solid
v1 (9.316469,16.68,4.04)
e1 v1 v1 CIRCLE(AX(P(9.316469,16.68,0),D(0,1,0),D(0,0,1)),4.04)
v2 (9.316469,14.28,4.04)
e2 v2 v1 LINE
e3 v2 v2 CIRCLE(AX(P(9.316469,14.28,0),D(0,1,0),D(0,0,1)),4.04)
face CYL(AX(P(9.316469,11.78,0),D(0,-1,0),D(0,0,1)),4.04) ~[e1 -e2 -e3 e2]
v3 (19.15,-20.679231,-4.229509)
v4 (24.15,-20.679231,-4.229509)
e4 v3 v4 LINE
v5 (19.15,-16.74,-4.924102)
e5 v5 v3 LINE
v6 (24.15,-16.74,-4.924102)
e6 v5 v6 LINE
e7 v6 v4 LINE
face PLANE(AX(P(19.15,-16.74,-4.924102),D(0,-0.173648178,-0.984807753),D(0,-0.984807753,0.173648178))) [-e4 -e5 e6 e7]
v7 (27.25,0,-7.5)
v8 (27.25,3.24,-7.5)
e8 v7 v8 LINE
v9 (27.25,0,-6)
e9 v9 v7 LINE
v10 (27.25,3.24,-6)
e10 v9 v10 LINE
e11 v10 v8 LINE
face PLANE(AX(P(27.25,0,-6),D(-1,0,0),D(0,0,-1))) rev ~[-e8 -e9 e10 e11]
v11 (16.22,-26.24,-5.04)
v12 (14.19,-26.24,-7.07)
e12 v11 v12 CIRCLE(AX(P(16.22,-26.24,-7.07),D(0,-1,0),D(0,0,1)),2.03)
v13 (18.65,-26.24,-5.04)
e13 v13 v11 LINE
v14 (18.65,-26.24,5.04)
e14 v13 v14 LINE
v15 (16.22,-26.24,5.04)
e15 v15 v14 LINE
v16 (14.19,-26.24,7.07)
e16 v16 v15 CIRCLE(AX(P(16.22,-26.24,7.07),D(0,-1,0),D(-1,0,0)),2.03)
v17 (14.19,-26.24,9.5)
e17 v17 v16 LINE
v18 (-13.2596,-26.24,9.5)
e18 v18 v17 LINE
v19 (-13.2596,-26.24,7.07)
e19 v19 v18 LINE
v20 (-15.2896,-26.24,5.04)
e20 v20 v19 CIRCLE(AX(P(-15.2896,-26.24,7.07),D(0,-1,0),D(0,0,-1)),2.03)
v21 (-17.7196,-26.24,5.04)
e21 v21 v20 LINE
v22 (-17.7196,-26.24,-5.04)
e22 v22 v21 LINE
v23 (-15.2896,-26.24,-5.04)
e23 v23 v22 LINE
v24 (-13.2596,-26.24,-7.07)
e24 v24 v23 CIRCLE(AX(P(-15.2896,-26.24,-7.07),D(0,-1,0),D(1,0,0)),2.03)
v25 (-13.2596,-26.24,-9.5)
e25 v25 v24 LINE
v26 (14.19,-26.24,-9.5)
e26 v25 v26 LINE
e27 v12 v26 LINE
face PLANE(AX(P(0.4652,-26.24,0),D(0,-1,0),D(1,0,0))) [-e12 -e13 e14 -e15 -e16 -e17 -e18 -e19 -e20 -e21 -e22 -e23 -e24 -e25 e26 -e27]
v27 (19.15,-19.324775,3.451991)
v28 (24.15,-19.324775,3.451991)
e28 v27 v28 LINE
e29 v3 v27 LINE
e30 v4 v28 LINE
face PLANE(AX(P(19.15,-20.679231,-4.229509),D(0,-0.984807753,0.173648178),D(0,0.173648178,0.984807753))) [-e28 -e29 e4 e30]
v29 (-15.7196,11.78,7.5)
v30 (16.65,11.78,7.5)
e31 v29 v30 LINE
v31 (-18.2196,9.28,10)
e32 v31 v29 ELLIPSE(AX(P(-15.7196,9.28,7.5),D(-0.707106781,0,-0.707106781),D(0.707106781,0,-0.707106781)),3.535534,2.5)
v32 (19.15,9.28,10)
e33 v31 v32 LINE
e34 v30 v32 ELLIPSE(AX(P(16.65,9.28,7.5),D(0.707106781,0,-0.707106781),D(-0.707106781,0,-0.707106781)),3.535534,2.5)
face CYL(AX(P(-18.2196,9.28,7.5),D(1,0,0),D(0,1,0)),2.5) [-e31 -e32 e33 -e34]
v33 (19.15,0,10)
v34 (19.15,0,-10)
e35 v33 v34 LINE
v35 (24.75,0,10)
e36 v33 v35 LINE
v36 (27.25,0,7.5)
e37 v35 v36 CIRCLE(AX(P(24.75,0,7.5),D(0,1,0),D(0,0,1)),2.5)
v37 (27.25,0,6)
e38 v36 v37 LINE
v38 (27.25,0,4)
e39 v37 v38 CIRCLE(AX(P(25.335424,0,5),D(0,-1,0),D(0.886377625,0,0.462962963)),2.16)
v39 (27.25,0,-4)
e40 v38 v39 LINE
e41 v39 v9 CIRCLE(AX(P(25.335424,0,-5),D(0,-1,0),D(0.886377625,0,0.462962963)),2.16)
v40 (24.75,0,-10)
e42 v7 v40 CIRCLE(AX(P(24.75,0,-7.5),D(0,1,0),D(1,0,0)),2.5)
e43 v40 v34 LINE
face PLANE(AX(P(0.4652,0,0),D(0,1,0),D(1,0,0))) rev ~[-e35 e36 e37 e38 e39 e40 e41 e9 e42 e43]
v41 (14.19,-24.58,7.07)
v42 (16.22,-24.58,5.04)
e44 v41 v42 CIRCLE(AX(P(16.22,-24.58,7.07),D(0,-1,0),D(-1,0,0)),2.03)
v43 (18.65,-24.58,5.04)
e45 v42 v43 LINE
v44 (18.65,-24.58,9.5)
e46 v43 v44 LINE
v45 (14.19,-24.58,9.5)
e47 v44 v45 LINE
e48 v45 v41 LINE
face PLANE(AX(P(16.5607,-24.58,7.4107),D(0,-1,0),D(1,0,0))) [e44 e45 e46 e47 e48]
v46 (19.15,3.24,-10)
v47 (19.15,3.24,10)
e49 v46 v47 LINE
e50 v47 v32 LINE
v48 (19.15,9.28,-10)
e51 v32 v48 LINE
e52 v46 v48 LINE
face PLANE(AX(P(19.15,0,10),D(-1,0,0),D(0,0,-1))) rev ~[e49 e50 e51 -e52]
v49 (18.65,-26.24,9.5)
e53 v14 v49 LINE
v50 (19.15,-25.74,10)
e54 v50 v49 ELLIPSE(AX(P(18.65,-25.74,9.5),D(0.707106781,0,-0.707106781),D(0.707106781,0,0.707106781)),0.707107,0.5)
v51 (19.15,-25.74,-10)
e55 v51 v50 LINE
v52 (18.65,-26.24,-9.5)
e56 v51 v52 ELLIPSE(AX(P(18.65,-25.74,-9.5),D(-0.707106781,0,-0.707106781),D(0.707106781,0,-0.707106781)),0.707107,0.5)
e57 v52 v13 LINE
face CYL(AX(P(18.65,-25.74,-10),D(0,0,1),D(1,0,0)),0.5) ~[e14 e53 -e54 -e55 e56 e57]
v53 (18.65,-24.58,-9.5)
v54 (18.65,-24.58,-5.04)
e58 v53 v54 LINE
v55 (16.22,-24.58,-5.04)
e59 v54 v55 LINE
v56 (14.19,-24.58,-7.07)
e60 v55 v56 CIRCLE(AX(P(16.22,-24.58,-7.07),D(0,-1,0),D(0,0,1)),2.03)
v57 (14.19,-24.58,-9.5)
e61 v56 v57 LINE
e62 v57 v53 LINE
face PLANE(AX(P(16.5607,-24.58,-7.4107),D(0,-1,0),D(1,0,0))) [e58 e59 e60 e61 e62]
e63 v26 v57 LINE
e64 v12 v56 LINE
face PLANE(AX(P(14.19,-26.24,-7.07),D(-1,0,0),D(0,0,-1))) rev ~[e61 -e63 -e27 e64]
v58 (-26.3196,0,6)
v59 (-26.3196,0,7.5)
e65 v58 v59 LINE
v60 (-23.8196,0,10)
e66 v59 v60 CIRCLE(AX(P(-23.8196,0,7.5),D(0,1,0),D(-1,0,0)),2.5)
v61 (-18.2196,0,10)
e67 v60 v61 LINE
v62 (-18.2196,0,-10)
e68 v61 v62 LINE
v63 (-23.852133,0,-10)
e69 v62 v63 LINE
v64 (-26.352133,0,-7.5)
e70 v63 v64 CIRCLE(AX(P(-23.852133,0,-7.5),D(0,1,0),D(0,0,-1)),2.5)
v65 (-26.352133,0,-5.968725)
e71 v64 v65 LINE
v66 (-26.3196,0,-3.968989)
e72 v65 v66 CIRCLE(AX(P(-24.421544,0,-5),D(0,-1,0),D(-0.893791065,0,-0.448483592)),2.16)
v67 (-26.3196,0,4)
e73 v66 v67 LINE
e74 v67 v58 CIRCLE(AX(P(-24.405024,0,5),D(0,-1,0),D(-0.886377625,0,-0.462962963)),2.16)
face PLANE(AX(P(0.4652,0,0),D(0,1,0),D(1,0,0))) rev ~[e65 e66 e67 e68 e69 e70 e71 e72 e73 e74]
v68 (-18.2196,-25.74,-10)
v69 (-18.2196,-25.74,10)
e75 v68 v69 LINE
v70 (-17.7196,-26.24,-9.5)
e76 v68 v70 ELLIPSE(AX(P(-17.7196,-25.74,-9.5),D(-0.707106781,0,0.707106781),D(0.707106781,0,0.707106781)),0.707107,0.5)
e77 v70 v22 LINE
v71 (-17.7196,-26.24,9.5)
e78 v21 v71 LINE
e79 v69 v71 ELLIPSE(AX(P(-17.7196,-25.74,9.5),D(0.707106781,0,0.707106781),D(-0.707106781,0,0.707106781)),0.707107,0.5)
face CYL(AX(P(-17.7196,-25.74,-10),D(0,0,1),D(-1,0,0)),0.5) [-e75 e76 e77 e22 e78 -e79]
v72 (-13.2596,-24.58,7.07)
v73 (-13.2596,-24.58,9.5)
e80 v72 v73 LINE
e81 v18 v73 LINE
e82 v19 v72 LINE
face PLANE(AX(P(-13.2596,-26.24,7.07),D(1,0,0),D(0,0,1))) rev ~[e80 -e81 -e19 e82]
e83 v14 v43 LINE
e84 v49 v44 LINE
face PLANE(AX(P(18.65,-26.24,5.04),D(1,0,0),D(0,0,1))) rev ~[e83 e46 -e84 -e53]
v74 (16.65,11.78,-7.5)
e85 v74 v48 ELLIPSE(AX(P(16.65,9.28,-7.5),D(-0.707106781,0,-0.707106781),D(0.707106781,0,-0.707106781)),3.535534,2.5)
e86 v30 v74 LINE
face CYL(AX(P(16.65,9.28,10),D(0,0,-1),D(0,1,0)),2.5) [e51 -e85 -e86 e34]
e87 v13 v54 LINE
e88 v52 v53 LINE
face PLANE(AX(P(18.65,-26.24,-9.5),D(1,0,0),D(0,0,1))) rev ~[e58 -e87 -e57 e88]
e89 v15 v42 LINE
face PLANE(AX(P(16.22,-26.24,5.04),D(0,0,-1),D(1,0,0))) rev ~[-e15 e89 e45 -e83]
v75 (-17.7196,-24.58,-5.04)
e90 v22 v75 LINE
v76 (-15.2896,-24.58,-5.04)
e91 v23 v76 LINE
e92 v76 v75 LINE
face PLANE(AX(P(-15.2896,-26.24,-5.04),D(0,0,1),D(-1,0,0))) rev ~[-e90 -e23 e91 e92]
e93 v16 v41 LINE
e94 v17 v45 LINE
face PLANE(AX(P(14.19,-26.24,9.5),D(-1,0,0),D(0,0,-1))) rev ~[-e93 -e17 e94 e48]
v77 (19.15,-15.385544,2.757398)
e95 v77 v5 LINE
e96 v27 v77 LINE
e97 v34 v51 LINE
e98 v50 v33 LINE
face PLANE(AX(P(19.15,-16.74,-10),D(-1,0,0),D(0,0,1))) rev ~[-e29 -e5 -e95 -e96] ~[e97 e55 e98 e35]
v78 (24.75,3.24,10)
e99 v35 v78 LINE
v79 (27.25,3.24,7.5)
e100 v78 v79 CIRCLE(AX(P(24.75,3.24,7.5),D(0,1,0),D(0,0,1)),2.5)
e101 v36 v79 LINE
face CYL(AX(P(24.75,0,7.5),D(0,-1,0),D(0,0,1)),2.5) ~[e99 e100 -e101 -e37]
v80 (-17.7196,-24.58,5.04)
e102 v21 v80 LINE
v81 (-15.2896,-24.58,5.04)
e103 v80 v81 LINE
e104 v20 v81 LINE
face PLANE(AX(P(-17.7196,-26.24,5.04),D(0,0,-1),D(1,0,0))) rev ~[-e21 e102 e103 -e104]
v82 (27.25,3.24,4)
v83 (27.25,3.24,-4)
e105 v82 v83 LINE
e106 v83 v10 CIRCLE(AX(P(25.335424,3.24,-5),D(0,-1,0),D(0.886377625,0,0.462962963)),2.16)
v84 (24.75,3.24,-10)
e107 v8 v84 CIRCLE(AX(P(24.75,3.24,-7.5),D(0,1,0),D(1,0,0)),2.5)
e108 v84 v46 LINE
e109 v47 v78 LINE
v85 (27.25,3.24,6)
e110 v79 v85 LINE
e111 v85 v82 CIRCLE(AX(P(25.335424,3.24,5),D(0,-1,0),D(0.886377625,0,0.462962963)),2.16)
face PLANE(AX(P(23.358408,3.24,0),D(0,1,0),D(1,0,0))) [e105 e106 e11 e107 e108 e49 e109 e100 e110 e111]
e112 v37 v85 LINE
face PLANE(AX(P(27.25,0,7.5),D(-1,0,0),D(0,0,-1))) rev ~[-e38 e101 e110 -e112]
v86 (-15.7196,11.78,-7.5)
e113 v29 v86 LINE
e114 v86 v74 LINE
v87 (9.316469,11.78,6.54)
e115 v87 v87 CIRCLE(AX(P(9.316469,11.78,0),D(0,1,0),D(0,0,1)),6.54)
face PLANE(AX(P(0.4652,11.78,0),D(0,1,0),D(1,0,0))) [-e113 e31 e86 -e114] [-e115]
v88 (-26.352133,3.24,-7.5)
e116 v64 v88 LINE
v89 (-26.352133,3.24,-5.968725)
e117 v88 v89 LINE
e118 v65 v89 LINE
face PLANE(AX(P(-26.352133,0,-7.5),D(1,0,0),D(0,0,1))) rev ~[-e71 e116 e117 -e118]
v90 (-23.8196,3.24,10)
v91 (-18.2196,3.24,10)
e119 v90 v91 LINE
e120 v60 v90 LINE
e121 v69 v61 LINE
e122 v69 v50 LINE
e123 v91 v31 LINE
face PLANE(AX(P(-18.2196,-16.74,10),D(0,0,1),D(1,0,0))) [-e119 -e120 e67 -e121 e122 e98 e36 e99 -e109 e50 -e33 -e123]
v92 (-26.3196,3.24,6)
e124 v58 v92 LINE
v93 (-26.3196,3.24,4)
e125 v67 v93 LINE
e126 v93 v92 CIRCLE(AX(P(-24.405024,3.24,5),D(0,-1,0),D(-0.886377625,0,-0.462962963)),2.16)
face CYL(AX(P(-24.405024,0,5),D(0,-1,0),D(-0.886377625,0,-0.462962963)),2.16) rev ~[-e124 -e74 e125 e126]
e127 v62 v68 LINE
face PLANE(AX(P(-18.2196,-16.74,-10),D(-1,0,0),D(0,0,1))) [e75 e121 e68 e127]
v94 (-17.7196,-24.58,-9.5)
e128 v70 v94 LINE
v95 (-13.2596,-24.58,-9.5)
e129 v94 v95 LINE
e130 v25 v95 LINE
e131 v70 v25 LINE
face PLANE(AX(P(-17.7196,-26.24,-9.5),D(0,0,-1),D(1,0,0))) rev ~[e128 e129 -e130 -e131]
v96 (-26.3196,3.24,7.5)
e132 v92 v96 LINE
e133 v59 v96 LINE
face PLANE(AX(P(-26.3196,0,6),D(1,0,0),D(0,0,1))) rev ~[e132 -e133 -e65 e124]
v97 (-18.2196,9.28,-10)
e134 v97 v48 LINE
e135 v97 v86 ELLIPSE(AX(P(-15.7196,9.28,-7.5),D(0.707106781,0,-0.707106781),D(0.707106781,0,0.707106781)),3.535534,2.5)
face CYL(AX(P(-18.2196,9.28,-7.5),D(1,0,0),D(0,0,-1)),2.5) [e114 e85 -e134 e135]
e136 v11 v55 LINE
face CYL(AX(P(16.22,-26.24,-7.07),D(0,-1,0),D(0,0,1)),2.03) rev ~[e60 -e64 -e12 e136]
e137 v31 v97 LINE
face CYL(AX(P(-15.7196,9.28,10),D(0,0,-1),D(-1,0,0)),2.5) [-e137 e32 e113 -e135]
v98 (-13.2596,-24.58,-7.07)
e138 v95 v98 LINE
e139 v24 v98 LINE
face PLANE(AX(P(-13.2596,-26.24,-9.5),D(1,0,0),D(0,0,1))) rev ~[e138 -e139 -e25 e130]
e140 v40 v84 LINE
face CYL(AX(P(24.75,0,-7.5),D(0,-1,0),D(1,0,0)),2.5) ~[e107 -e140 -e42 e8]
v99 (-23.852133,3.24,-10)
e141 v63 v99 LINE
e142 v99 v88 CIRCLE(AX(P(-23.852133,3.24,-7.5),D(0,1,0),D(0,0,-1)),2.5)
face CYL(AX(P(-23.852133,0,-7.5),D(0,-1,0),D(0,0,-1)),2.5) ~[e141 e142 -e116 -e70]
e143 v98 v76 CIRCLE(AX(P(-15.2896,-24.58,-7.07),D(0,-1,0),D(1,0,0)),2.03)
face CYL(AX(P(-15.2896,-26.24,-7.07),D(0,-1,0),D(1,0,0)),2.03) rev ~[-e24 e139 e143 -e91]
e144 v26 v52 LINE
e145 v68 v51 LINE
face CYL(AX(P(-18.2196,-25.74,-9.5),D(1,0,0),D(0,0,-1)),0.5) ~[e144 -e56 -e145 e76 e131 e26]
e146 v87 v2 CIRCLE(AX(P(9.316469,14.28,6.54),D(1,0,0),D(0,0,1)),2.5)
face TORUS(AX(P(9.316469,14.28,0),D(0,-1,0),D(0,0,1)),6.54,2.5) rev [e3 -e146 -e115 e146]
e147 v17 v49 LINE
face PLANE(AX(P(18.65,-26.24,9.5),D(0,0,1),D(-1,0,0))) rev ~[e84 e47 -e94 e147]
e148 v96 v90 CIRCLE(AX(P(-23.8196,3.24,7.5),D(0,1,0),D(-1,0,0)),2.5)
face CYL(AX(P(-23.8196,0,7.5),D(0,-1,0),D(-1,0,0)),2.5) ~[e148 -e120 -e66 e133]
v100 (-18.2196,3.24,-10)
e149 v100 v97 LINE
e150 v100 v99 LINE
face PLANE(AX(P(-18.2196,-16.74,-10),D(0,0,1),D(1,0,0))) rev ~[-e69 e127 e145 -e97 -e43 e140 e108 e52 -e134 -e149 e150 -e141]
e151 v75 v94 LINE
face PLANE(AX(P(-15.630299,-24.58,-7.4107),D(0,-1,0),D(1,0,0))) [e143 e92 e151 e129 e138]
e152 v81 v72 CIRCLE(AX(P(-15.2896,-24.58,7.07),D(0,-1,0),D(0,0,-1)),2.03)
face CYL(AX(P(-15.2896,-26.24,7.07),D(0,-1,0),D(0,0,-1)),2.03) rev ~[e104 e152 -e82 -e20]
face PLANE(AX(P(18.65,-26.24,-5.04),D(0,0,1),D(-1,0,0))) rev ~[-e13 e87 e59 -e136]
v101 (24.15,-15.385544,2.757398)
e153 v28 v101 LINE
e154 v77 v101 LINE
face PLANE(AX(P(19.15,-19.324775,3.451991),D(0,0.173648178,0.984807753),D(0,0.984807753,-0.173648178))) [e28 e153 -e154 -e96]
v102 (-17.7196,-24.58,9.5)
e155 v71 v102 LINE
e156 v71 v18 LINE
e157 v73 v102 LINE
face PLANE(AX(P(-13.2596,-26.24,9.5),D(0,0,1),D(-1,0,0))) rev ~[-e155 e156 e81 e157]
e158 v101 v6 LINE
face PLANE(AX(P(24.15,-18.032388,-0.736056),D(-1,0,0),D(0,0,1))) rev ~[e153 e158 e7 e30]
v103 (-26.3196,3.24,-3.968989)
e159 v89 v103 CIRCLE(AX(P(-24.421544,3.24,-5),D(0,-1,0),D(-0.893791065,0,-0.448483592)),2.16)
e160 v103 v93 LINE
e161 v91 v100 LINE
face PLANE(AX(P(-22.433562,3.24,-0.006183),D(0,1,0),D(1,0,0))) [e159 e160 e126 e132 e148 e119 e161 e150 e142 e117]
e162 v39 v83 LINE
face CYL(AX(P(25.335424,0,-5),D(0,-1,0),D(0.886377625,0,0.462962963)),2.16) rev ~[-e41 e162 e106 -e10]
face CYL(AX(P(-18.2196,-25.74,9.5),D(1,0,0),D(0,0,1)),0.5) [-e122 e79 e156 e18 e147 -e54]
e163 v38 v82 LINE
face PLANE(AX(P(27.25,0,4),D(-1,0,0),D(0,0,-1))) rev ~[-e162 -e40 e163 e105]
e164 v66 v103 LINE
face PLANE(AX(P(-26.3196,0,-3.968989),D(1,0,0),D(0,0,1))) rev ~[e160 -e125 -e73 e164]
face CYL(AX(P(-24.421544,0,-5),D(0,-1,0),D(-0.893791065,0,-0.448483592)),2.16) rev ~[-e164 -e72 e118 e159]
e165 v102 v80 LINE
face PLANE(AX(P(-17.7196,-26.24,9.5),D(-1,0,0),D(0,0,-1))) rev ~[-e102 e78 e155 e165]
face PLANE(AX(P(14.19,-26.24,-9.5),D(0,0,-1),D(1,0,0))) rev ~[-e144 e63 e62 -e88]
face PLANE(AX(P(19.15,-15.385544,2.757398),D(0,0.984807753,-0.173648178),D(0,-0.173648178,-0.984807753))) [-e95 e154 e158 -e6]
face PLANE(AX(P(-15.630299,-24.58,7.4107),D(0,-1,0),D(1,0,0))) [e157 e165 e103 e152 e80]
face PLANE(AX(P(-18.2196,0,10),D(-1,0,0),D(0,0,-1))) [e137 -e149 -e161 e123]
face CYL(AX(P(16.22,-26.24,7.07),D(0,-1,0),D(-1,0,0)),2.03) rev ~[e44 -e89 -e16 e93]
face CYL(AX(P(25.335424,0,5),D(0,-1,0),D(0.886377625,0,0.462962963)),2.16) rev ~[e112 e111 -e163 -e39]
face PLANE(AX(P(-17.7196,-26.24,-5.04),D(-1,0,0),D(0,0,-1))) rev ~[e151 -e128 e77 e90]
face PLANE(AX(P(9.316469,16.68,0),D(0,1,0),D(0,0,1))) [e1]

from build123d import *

# Parameters (mm, degrees)
BOSS_EXTRUDE2_DEPTH   = 3.24
BOSS_EXTRUDE2_2_DEPTH = 3.24
SKETCH1_5_W           = 37.369599927
SKETCH1_5_H           = 20
BOSS_EXTRUDE3_DEPTH   = 11.78
SKETCH2_R             = 4.04
BOSS_EXTRUDE4_DEPTH   = 4.9
FILLET5_R             = 2.5
SKETCH1_6_W           = 37.369599927
SKETCH1_6_H           = 20
BOSS_EXTRUDE8_DEPTH   = 16.74
BOSS_EXTRUDE9_DEPTH   = 5
SKETCH7_W             = 37.369599927
SKETCH7_H             = 20
BOSS_EXTRUDE10_DEPTH  = 9.5
FILLET6_R             = 0.5
CUT_EXTRUDE2_DEPTH    = 1.66


with BuildPart() as part:
    # Sketch1 → Boss-Extrude2 (new body)
    with BuildSketch(Plane(origin=(0, 0, 0), x_dir=(1, 0, 0), z_dir=(0, 1, 0))):
        with BuildLine():
            ThreePointArc((27.25, 4), (23.175424329, 5), (27.25, 6))
            Line((27.25, 6), (27.25, 7.5))
            ThreePointArc((27.25, 7.5), (26.517766953, 9.267766953), (24.75, 10))
            Line((24.75, 10), (19.15, 10))
            Line((19.15, 10), (19.15, -10))
            Line((19.15, -10), (24.75, -10))
            ThreePointArc((24.75, -10), (26.517766953, -9.267766953), (27.25, -7.5))
            Line((27.25, -7.5), (27.25, -6))
            ThreePointArc((27.25, -6), (23.175424329, -5), (27.25, -4))
            Line((27.25, -4), (27.25, 4))
        make_face()
    extrude(amount=BOSS_EXTRUDE2_DEPTH)



with BuildPart() as body_2:
    # Sketch1 → Boss-Extrude2 2 (new body)
    with BuildSketch(Plane(origin=(0, 0, 0), x_dir=(1, 0, 0), z_dir=(0, 1, 0))):
        with BuildLine():
            Line((-18.219599927, -10), (-18.219599927, 10))
            Line((-18.219599927, 10), (-23.852132603, 10))
            ThreePointArc((-23.852132603, 10), (-25.619899556, 9.267766953), (-26.352132603, 7.5))
            Line((-26.352132603, 7.5), (-26.352132603, 5.968724559))
            ThreePointArc((-26.352132603, 5.968724559), (-22.261829683, 5.035135291), (-26.319599927, 3.96898917))
            Line((-26.319599927, 3.96898917), (-26.319599927, -4))
            ThreePointArc((-26.319599927, -4), (-22.245024256, -5), (-26.319599927, -6))
            Line((-26.319599927, -6), (-26.319599927, -7.5))
            ThreePointArc((-26.319599927, -7.5), (-25.58736688, -9.267766953), (-23.819599927, -10))
            Line((-23.819599927, -10), (-18.219599927, -10))
        make_face()
    extrude(amount=BOSS_EXTRUDE2_2_DEPTH)


with BuildPart() as part_1:
    add(part.part)

    add(body_2.part)  # Boss-Extrude3 merges body 2
    # Sketch1<5> → Boss-Extrude3 (add)
    with BuildSketch(Plane(origin=(0, 0, 0), x_dir=(1, 0, 0), z_dir=(0, 1, 0))):
        with Locations((0.465200037, 0)):
            Rectangle(SKETCH1_5_W, SKETCH1_5_H)
    extrude(amount=BOSS_EXTRUDE3_DEPTH)

    # Sketch2 → Boss-Extrude4 (add)
    with BuildSketch(Plane(origin=(0, 11.78, 0), x_dir=(1, 0, 0), z_dir=(0, 1, 0))):
        with Locations((9.316469078, 0)):
            Circle(SKETCH2_R)
    extrude(amount=BOSS_EXTRUDE4_DEPTH)

    # Fillet5
    fillet5_edges = [part_1.edges().sort_by_distance(p)[0] for p in [
        (0.465200037, 11.78, 10),
        (-18.219599927, 11.78, 0),
        (0.465200037, 11.78, -10),
        (19.15, 11.78, 0),
        (5.276469078, 11.78, 0),
    ]]
    fillet(fillet5_edges, radius=FILLET5_R)

    # Sketch1<6> → Boss-Extrude8 (add)
    with BuildSketch(Plane(origin=(0, 0, 0), x_dir=(1, 0, 0), z_dir=(0, 1, 0))):
        with Locations((0.465200037, 0)):
            Rectangle(SKETCH1_6_W, SKETCH1_6_H)
    extrude(amount=-BOSS_EXTRUDE8_DEPTH)

    # Sketch6 → Boss-Extrude9 (add)
    with BuildSketch(Plane(origin=(19.15, 0, 0), x_dir=(0, 0, -1), z_dir=(1, 0, 0))):
        Polygon((-2.757398298, -15.385544214), (4.924102175, -16.74), (4.229509465, -20.679231012), (-3.451991009, -19.324775226), align=None)
    extrude(amount=BOSS_EXTRUDE9_DEPTH)

    # Sketch7 → Boss-Extrude10 (add)
    with BuildSketch(Plane.XZ.offset(16.74)):
        with Locations((0.465200037, 0)):
            Rectangle(SKETCH7_W, SKETCH7_H)
    extrude(amount=BOSS_EXTRUDE10_DEPTH)

    # Fillet6
    fillet6_edges = [part_1.edges().sort_by_distance(p)[0] for p in [
        (0.465200037, -26.24, 10),
        (19.15, -26.24, 0),
        (0.465200037, -26.24, -10),
        (-18.219599927, -26.24, 0),
    ]]
    fillet(fillet6_edges, radius=FILLET6_R)

    # Sketch8 → Cut-Extrude2 (cut)
    with BuildSketch(Plane.XZ.offset(26.24)):
        with BuildLine():
            Line((14.19, 9.5), (14.19, 7.07))
            ThreePointArc((14.19, 7.07), (14.784573234, 5.634573234), (16.22, 5.04))
            Line((16.22, 5.04), (18.65, 5.04))
            Line((18.65, 5.04), (18.65, 9.5))
            Line((18.65, 9.5), (14.19, 9.5))
        make_face()
        with BuildLine():
            Line((-13.259599927, 7.07), (-13.259599927, 9.5))
            Line((-13.259599927, 9.5), (-17.719599927, 9.5))
            Line((-17.719599927, 9.5), (-17.719599927, 5.04))
            Line((-17.719599927, 5.04), (-15.289599927, 5.04))
            ThreePointArc((-15.289599927, 5.04), (-13.854173161, 5.634573234), (-13.259599927, 7.07))
        make_face()
        with BuildLine():
            Line((18.65, -9.5), (18.65, -5.04))
            Line((18.65, -5.04), (16.22, -5.04))
            ThreePointArc((16.22, -5.04), (14.784573234, -5.634573234), (14.19, -7.07))
            Line((14.19, -7.07), (14.19, -9.5))
            Line((14.19, -9.5), (18.65, -9.5))
        make_face()
        with BuildLine():
            Line((-15.289599927, -5.04), (-17.719599927, -5.04))
            Line((-17.719599927, -5.04), (-17.719599927, -9.5))
            Line((-17.719599927, -9.5), (-13.259599927, -9.5))
            Line((-13.259599927, -9.5), (-13.259599927, -7.07))
            ThreePointArc((-13.259599927, -7.07), (-13.854173161, -5.634573234), (-15.289599927, -5.04))
        make_face()
    extrude(amount=-CUT_EXTRUDE2_DEPTH, mode=Mode.SUBTRACT)


solid = part_1.part
